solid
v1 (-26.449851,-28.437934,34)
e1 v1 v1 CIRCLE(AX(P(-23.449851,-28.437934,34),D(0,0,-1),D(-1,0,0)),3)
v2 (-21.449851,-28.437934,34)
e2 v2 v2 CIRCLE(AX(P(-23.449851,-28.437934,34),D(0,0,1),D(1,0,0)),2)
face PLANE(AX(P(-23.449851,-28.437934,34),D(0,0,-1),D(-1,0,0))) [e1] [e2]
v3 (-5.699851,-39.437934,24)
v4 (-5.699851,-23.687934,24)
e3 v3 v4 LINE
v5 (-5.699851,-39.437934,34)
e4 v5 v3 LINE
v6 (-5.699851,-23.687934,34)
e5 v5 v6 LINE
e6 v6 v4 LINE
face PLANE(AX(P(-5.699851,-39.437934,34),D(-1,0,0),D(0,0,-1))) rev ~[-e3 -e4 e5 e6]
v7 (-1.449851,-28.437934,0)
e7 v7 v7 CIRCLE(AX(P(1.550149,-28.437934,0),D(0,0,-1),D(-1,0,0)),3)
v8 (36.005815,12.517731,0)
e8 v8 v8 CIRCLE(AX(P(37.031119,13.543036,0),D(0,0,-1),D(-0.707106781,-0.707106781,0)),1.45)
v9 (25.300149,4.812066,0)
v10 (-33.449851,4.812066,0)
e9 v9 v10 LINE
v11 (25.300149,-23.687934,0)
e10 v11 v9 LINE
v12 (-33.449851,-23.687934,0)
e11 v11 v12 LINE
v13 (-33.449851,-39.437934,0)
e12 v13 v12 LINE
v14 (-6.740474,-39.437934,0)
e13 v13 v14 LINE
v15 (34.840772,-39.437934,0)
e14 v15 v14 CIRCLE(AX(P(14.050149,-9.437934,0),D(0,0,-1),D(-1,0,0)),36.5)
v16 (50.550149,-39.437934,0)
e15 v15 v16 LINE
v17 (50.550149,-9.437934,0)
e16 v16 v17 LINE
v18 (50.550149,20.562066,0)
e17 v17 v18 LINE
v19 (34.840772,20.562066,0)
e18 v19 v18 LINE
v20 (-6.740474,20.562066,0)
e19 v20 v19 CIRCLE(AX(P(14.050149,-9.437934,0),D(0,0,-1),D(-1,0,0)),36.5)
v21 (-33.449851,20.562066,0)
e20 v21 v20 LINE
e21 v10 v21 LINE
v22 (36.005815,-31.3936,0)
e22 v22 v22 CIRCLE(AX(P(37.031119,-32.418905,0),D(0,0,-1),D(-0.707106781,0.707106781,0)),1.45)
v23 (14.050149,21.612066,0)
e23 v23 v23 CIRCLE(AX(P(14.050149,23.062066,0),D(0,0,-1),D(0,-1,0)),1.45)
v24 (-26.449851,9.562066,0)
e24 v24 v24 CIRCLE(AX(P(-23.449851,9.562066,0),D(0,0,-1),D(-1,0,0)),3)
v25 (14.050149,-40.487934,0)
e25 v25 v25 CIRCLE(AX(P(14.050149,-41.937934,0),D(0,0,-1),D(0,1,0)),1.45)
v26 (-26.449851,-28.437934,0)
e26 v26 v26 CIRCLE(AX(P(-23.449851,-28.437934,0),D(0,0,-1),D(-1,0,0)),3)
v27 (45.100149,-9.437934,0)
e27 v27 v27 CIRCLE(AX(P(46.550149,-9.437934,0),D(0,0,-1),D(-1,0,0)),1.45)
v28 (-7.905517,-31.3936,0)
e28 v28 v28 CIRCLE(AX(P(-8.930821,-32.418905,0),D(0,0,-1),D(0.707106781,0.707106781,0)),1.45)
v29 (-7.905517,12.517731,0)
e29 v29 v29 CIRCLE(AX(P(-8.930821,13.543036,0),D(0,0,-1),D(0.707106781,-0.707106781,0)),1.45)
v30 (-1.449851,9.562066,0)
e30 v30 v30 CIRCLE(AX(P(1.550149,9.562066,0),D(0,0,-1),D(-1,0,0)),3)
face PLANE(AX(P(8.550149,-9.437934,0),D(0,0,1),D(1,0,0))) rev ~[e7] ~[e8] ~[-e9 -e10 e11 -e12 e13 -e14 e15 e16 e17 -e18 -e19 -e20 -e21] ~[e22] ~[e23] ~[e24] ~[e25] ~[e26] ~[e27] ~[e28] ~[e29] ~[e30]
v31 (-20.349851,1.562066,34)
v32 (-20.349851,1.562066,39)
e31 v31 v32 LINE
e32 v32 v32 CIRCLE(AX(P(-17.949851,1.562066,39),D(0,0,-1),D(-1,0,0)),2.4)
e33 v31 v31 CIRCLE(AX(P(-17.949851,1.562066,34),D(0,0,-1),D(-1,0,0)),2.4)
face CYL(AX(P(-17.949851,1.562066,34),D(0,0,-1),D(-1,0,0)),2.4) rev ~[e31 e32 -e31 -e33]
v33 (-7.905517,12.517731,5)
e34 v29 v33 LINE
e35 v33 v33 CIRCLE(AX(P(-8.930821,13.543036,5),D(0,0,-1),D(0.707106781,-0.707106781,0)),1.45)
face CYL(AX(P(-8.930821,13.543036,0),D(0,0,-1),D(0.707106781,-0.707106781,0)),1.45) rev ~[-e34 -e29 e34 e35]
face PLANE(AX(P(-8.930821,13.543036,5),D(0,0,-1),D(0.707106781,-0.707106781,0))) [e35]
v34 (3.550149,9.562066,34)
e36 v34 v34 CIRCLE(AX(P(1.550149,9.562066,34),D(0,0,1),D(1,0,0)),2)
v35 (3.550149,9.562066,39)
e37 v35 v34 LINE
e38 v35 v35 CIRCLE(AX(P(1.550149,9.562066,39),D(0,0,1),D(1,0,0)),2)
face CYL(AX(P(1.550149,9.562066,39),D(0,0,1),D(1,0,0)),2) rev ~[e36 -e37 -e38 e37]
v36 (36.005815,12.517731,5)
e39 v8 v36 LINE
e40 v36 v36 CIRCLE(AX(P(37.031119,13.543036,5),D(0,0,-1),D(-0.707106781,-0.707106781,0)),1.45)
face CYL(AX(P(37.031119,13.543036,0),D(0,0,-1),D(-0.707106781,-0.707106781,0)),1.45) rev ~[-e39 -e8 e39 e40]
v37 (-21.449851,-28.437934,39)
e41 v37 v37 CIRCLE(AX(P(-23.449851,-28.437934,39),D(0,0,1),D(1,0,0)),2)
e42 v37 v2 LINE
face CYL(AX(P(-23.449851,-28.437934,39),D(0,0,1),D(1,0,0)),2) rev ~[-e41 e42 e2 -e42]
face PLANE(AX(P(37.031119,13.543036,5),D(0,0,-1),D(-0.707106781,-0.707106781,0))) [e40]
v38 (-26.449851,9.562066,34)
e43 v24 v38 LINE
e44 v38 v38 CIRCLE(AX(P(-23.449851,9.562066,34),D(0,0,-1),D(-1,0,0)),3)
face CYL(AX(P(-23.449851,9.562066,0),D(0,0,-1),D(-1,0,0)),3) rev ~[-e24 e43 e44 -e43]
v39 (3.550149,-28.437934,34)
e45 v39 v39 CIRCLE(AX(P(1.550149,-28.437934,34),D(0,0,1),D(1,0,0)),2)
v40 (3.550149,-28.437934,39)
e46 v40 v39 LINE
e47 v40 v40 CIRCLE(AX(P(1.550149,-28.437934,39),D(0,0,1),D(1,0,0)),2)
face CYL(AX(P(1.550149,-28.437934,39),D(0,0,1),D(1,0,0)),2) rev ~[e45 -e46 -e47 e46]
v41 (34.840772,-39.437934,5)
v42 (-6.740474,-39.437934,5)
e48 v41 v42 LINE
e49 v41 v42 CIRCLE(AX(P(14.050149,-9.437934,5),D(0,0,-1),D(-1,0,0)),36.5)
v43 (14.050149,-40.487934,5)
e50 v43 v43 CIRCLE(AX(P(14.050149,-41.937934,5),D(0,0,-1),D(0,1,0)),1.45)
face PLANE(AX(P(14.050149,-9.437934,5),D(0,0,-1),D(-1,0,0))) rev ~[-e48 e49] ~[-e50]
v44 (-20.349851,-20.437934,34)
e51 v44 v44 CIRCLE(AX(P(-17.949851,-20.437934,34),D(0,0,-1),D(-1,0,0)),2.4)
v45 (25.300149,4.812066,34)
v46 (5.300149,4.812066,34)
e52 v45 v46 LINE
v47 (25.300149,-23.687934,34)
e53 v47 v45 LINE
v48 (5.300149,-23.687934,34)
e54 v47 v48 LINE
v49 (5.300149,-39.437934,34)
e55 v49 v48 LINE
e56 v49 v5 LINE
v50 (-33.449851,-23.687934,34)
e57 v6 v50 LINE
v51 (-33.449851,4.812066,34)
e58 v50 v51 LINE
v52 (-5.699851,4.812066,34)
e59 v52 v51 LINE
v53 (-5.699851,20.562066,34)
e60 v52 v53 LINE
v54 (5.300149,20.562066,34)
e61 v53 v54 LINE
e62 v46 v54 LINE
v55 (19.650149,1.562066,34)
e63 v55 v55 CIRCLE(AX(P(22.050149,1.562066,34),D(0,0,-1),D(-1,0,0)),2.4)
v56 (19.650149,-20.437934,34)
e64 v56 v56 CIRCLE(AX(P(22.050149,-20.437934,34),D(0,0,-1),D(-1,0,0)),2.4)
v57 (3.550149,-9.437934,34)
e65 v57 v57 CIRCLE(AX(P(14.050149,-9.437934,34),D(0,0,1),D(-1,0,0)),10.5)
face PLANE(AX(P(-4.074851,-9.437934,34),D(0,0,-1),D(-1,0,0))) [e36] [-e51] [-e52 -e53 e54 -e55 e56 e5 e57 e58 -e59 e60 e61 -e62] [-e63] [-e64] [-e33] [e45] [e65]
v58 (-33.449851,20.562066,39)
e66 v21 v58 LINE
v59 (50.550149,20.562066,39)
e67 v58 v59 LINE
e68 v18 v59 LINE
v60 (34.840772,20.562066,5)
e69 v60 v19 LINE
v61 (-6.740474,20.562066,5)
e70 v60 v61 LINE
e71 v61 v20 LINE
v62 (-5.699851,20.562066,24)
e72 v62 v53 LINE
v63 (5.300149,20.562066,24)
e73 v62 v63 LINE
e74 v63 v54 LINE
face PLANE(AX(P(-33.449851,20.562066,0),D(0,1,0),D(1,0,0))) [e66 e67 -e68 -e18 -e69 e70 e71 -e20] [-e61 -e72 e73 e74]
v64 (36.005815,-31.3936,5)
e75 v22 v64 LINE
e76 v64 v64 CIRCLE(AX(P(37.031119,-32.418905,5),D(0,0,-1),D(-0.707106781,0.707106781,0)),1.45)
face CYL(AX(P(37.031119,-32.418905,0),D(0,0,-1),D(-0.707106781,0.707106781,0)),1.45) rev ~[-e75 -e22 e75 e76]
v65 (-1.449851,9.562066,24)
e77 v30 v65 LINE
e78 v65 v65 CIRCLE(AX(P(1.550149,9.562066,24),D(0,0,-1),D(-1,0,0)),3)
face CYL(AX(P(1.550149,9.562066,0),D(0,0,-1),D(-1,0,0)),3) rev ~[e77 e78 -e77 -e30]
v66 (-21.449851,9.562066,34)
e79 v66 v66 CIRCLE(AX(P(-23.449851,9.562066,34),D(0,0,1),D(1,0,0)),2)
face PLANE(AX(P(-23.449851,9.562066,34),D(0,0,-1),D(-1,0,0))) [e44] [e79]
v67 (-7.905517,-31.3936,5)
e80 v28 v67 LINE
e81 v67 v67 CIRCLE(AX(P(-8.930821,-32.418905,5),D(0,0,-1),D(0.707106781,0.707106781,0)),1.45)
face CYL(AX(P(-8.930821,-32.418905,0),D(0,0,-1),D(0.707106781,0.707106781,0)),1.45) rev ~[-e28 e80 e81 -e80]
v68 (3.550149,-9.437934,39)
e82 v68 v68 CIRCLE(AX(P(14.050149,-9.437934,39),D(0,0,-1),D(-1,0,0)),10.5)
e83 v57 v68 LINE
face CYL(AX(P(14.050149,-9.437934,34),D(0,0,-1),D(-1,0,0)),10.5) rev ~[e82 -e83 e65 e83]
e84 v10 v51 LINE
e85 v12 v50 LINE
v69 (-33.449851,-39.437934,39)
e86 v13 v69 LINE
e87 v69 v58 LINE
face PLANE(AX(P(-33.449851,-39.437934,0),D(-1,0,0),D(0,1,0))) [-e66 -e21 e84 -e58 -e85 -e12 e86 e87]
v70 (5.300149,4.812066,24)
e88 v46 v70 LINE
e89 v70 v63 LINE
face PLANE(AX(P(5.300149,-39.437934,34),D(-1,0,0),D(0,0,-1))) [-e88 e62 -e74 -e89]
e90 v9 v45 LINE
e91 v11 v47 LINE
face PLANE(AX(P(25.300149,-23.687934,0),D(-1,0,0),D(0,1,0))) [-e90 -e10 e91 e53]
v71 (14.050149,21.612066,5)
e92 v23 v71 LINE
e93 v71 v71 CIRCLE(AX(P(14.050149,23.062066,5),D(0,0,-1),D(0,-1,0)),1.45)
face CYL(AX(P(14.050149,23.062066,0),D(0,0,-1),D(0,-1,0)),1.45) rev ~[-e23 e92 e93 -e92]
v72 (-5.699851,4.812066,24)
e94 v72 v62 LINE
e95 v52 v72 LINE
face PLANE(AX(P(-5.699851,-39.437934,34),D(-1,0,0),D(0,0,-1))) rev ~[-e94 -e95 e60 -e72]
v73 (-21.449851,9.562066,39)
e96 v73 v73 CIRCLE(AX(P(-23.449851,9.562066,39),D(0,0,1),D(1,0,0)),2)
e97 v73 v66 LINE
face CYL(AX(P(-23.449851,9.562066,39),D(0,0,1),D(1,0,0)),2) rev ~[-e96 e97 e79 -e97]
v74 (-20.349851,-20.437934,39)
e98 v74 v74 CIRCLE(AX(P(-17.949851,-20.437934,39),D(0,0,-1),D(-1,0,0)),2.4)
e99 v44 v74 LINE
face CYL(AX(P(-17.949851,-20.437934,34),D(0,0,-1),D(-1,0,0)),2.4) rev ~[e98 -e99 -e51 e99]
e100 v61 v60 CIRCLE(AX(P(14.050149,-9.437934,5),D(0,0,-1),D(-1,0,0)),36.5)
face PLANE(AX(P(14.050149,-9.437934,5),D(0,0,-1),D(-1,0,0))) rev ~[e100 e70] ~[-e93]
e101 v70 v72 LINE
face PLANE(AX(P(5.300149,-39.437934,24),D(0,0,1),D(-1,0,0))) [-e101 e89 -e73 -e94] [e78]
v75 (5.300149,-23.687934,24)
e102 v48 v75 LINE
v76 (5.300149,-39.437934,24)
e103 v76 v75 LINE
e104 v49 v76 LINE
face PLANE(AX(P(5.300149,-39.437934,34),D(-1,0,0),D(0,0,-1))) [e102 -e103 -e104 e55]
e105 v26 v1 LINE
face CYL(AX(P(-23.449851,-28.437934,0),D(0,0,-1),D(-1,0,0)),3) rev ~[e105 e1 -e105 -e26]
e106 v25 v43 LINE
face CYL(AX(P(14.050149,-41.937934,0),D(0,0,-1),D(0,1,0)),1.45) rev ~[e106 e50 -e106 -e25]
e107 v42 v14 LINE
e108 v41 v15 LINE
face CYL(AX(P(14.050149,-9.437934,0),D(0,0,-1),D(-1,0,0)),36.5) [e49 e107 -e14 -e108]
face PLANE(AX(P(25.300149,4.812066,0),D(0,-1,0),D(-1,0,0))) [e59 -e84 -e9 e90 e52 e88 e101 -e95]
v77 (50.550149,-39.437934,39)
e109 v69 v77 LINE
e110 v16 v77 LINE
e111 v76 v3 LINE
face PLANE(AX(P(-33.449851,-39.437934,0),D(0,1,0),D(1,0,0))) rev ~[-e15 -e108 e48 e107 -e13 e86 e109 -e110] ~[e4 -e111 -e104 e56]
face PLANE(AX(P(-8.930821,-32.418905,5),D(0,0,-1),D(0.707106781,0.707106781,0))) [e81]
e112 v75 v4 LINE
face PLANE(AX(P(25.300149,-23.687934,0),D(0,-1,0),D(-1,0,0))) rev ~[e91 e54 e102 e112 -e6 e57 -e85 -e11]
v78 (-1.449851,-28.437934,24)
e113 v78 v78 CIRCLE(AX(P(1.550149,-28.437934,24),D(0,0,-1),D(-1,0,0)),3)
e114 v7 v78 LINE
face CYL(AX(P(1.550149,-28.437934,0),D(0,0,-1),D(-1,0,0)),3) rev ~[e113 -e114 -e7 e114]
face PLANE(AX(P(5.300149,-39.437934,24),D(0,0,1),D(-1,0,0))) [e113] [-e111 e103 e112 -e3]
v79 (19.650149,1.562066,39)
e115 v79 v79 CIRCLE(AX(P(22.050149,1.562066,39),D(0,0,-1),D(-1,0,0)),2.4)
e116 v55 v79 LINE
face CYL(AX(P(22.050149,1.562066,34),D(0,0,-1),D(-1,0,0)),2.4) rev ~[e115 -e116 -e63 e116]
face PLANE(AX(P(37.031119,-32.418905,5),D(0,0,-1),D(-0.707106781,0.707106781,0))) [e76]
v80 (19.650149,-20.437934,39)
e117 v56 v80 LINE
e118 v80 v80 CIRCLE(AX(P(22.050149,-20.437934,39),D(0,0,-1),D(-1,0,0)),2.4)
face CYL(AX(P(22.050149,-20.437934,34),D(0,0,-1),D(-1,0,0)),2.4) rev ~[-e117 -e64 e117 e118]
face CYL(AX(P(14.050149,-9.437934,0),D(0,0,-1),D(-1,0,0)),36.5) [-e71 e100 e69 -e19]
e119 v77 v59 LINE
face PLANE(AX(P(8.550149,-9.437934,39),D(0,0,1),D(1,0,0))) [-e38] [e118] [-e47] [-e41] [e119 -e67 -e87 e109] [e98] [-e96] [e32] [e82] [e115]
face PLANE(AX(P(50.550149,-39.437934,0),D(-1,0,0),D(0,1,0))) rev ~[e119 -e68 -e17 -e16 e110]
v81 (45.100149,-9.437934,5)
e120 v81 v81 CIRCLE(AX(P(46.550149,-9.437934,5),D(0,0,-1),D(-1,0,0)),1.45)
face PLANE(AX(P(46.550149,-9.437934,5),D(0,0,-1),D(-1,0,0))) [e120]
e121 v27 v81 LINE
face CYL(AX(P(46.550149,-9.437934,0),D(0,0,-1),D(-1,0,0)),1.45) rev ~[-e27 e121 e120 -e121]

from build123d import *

# Parameters (mm, degrees)
SKETCH_1_W               = 84
SKETCH_1_H               = 60
EXTRUDE_1_DEPTH          = 39
SKETCH_3_R               = 36.5
EXTRUDE_2_DEPTH          = 5
SKETCH_4_R               = 1.45
CUT_EXTRUDE_2_DEPTH      = 5
PATTERN_CIRCULAR_1_COUNT = 8
SKETCH_2_W               = 58.75
SKETCH_2_H               = 28.5
CUT_EXTRUDE_1_DEPTH      = 34
SKETCH_6_R               = 10.5
SKETCH_6_R_2             = 2.4
CUT_EXTRUDE_3_DEPTH      = 5
SKETCH_7_R               = 2
CUT_EXTRUDE_4_DEPTH      = 40
SKETCH_8_R               = 3
CUT_EXTRUDE_5_DEPTH      = 34
SKETCH_9_W               = 11
SKETCH_9_H               = 10
CUT_EXTRUDE_6_DEPTH      = 100


with BuildPart() as part:
    # 草图1 → 凸台-拉伸1 (new body)
    with BuildSketch(Plane.XY):
        with Locations((8.550148957, -9.437934459)):
            Rectangle(SKETCH_1_W, SKETCH_1_H)
    extrude(amount=EXTRUDE_1_DEPTH)

    # 草图3 → 凸台-拉伸2 (add)
    with BuildSketch(Plane(origin=(0, 0, 0), x_dir=(-1, 0, 0), z_dir=(0, 0, -1))):
        with Locations((-14.050148957, -9.437934459)):
            Circle(SKETCH_3_R)
    extrude(amount=-EXTRUDE_2_DEPTH)

    # 草图4 → 切除-拉伸2 (cut)
    with BuildSketch(Plane(origin=(0, 0, 0), x_dir=(-1, 0, 0), z_dir=(0, 0, -1))):
        with Locations((-46.550148957, -9.437934459)):
            Circle(SKETCH_4_R)
    cut_extrude_2 = extrude(amount=-CUT_EXTRUDE_2_DEPTH, mode=Mode.SUBTRACT)

    # 阵列(圆周)1: 切除-拉伸2 ×8 about axis
    pattern_circular_1_axis = Axis((14.050148957, -9.437934459, 0), (0, 0, 1))
    for i in range(1, PATTERN_CIRCULAR_1_COUNT):
        add(cut_extrude_2.rotate(pattern_circular_1_axis, i * 360 / PATTERN_CIRCULAR_1_COUNT), mode=Mode.SUBTRACT)

    # 草图2 → 切除-拉伸1 (cut)
    with BuildSketch(Plane(origin=(0, 0, 0), x_dir=(-1, 0, 0), z_dir=(0, 0, -1))):
        with Locations((4.074851043, -9.437934459)):
            Rectangle(SKETCH_2_W, SKETCH_2_H)
    extrude(amount=-CUT_EXTRUDE_1_DEPTH, mode=Mode.SUBTRACT)

    # 草图6 → 切除-拉伸3 (cut)
    with BuildSketch(Plane(origin=(0, 0, 34), x_dir=(-1, 0, 0), z_dir=(0, 0, -1))):
        with Locations((-14.050148957, -9.437934459)):
            Circle(SKETCH_6_R)
        with Locations((-22.050148957, 1.562065541)):
            Circle(SKETCH_6_R_2)
        with Locations((-22.050148957, -20.437934459)):
            Circle(SKETCH_6_R_2)
        with Locations((17.949851043, -20.437934459)):
            Circle(SKETCH_6_R_2)
        with Locations((17.949851043, 1.562065541)):
            Circle(SKETCH_6_R_2)
    extrude(amount=-CUT_EXTRUDE_3_DEPTH, mode=Mode.SUBTRACT)

    # 草图7 → 切除-拉伸4 (cut)
    with BuildSketch(Plane.XY.offset(39)):
        with Locations((-23.449851043, 9.562065541)):
            Circle(SKETCH_7_R)
        with Locations((-23.449851043, -28.437934459)):
            Circle(SKETCH_7_R)
        with Locations((1.550148957, 9.562065541)):
            Circle(SKETCH_7_R)
        with Locations((1.550148957, -28.437934459)):
            Circle(SKETCH_7_R)
    extrude(amount=-CUT_EXTRUDE_4_DEPTH, mode=Mode.SUBTRACT)

    # 草图8 → 切除-拉伸5 (cut)
    with BuildSketch(Plane(origin=(0, 0, 0), x_dir=(-1, 0, 0), z_dir=(0, 0, -1))):
        with Locations((-1.550148957, 9.562065541)):
            Circle(SKETCH_8_R)
        with Locations((23.449851043, 9.562065541)):
            Circle(SKETCH_8_R)
        with Locations((-1.550148957, -28.437934459)):
            Circle(SKETCH_8_R)
        with Locations((23.449851043, -28.437934459)):
            Circle(SKETCH_8_R)
    extrude(amount=-CUT_EXTRUDE_5_DEPTH, mode=Mode.SUBTRACT)

    # 草图9 → 切除-拉伸6 (cut)
    with BuildSketch(Plane(origin=(0, -39.437934459, 0), x_dir=(-1, 0, 0), z_dir=(0, -1, 0))):
        with Locations((0.199851043, -29)):
            Rectangle(SKETCH_9_W, SKETCH_9_H)
    extrude(amount=-CUT_EXTRUDE_6_DEPTH, mode=Mode.SUBTRACT)


solid = part.part
